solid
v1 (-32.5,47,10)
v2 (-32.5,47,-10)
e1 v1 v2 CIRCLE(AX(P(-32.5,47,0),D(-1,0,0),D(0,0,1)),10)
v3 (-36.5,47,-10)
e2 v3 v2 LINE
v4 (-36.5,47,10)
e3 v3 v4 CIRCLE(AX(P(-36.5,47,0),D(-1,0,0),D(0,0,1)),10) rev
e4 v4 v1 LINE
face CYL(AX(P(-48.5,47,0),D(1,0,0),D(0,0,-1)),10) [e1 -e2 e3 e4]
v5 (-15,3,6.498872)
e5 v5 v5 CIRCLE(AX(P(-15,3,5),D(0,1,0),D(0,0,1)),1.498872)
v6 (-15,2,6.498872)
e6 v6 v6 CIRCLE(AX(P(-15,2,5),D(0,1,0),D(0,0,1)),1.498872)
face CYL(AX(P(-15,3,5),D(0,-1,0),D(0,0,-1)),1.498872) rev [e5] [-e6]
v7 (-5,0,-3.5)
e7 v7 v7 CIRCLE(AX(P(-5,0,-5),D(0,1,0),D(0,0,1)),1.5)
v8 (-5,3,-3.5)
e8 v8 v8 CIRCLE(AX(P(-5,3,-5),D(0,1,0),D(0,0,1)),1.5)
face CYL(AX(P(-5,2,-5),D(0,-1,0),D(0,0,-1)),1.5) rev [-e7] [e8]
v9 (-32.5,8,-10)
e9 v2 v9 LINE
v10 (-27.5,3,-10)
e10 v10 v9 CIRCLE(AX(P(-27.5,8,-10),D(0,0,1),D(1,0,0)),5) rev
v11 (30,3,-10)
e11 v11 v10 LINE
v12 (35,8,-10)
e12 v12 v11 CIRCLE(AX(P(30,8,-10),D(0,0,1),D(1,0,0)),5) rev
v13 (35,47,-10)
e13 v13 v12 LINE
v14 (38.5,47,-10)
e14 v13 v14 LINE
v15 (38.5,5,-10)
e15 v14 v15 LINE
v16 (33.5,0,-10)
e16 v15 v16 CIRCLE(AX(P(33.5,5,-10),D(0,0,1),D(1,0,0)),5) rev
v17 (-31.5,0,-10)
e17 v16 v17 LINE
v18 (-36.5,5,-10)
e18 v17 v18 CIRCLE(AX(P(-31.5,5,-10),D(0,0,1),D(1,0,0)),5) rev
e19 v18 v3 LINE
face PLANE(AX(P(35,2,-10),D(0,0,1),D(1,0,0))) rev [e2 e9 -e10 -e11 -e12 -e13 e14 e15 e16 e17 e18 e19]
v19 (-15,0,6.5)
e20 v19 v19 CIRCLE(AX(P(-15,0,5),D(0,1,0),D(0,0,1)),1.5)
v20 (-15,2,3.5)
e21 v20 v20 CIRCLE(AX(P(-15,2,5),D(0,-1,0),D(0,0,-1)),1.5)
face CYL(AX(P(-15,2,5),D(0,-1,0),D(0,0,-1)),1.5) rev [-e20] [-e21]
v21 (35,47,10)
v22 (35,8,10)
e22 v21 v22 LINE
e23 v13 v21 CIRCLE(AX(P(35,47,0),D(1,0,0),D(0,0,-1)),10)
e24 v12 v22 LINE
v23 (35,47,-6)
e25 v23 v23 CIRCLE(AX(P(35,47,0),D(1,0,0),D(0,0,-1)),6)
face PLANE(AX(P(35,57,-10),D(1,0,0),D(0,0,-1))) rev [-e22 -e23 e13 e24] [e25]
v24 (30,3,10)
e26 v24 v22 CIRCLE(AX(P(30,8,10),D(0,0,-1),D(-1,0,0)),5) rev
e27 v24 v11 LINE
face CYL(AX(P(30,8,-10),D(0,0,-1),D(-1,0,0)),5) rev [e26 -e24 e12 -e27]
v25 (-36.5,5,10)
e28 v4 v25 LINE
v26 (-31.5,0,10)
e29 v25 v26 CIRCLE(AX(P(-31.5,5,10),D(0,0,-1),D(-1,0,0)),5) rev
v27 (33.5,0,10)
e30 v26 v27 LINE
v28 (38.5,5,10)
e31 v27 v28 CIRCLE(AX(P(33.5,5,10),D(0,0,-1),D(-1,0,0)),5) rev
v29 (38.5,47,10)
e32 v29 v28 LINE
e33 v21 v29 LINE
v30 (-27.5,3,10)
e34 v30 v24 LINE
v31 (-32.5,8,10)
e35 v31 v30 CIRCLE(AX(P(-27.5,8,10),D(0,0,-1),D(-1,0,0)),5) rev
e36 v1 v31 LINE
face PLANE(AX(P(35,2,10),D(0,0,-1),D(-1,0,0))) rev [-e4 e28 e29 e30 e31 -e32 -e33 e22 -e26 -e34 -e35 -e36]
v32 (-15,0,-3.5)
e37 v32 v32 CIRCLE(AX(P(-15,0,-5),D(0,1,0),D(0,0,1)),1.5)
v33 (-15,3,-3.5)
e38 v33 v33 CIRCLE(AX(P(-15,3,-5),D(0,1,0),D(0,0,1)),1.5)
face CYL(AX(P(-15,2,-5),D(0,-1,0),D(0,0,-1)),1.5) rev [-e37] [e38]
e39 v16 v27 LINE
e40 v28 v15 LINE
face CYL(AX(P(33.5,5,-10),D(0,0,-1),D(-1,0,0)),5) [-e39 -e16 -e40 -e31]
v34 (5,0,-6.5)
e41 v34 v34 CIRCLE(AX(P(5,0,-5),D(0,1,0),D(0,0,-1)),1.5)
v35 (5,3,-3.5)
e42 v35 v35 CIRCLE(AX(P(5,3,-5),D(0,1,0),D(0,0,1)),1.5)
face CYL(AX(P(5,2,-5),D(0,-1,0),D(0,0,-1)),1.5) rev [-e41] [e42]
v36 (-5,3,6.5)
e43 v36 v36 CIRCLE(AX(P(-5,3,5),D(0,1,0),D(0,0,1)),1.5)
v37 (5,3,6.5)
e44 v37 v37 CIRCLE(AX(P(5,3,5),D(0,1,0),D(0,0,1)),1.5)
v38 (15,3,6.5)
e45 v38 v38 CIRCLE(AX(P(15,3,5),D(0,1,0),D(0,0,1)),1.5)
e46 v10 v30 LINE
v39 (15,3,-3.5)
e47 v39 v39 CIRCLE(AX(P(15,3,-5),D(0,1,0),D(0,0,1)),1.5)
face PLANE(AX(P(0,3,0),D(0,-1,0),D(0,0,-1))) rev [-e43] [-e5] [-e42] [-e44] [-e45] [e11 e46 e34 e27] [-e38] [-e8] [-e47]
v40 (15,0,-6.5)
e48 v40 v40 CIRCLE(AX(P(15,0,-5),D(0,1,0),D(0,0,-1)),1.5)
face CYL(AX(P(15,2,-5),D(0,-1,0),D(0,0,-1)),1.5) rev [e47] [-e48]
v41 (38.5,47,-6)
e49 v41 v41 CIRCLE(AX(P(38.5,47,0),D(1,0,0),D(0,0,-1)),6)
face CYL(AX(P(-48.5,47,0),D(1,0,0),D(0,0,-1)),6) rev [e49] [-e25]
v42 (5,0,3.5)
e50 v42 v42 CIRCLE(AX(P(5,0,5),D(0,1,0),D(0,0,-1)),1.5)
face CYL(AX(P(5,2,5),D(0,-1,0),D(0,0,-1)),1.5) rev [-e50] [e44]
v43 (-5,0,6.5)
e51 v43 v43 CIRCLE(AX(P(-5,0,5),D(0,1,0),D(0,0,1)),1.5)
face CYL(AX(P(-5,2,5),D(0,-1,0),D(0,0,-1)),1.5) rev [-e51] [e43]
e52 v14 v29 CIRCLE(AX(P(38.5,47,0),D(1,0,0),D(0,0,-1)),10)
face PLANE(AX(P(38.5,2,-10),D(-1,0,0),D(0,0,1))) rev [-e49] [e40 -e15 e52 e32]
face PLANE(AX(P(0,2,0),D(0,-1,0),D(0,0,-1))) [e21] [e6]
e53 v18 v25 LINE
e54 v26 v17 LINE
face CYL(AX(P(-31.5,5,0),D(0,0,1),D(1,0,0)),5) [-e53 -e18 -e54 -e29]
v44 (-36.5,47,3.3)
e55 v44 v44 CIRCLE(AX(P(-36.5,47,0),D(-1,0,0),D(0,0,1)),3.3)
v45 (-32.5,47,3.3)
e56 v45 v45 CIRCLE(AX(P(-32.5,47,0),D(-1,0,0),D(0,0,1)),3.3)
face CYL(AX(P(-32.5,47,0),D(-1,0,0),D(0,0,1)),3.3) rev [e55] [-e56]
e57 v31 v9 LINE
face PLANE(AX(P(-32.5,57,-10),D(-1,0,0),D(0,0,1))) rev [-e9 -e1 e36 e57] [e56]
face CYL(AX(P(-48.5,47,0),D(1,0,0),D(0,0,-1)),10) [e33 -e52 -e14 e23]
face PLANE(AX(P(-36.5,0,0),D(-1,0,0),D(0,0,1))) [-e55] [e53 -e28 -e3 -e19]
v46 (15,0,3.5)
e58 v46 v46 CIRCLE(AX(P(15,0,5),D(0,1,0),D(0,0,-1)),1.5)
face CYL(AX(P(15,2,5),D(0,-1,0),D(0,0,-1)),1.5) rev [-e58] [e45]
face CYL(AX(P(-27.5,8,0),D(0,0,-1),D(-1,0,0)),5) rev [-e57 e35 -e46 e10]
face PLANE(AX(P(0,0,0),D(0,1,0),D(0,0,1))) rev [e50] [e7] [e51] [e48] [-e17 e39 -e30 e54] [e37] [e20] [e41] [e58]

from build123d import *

# Parameters (mm, degrees)
SKETCH_2_R          = 1.5
EXTRUDE_1_DEPTH     = 2
SKETCH_3_W          = 2.5
SKETCH_3_H          = 20
SKETCH_3_W_2        = 3.5
EXTRUDE_2_DEPTH     = 55
SKETCH_9_R          = 6
CUT_EXTRUDE_1_DEPTH = 87
SKETCH_7_R          = 6
SKETCH_7_R_2        = 3.3
EXTRUDE_3_DEPTH     = 2.5
SKETCH_10_R         = 3.3
EXTRUDE_4_DEPTH     = 1.5
SKETCH_11_W         = 67.5
SKETCH_11_H         = 20
SKETCH_11_R         = 1.5
SKETCH_11_R_2       = 1.498871695
EXTRUDE_5_DEPTH     = 1
FILLET_6_R          = 5
FILLET_7_R          = 5
FILLET_8_R          = 5


with BuildPart() as part:
    # 스케치2 → 보스-돌출1 (new body)
    with BuildSketch(Plane(origin=(0, 0, 0), x_dir=(1, 0, 0), z_dir=(0, 1, 0))):
        Polygon((35, -10), (-35, -10), (-35, 10), (35, 10), (38.5, 10), (38.5, -10), align=None)
        with Locations((-15, 5)):
            Circle(SKETCH_2_R, mode=Mode.SUBTRACT)
        with Locations((-5, 5)):
            Circle(SKETCH_2_R, mode=Mode.SUBTRACT)
        with Locations((-15, -5)):
            Circle(SKETCH_2_R, mode=Mode.SUBTRACT)
        with Locations((-5, -5)):
            Circle(SKETCH_2_R, mode=Mode.SUBTRACT)
        with Locations((15, -5)):
            Circle(SKETCH_2_R, mode=Mode.SUBTRACT)
        with Locations((5, -5)):
            Circle(SKETCH_2_R, mode=Mode.SUBTRACT)
        with Locations((5, 5)):
            Circle(SKETCH_2_R, mode=Mode.SUBTRACT)
        with Locations((15, 5)):
            Circle(SKETCH_2_R, mode=Mode.SUBTRACT)
    extrude(amount=EXTRUDE_1_DEPTH)

    # 스케치3 → 보스-돌출2 (add)
    with BuildSketch(Plane(origin=(0, 2, 0), x_dir=(1, 0, 0), z_dir=(0, 1, 0))):
        with Locations((-33.75, 0)):
            Rectangle(SKETCH_3_W, SKETCH_3_H)
        with Locations((36.75, 0)):
            Rectangle(SKETCH_3_W_2, SKETCH_3_H)
    extrude(amount=EXTRUDE_2_DEPTH)

    # 스케치9 → 컷-돌출1 (cut)
    with BuildSketch(Plane(origin=(38.5, 0, 0), x_dir=(0, 0, -1), z_dir=(1, 0, 0))):
        with BuildLine():
            Line((10, 57), (0, 57))
            ThreePointArc((0, 57), (7.071067812, 54.071067812), (10, 47))
            Line((10, 47), (10, 57))
        make_face()
        with BuildLine():
            Line((-10, 57), (-10, 47))
            ThreePointArc((-10, 47), (-7.071067812, 54.071067812), (0, 57))
            Line((0, 57), (-10, 57))
        make_face()
        with Locations((0, 47)):
            Circle(SKETCH_9_R)
    extrude(amount=-CUT_EXTRUDE_1_DEPTH, mode=Mode.SUBTRACT)

    # 스케치7 → 보스-돌출3 (add)
    with BuildSketch(Plane.ZY.offset(35)):
        with Locations((0, 47)):
            Circle(SKETCH_7_R)
        with Locations((0, 47)):
            Circle(SKETCH_7_R_2, mode=Mode.SUBTRACT)
    extrude(amount=-EXTRUDE_3_DEPTH)

    # 스케치10 → 보스-돌출4 (add)
    with BuildSketch(Plane.ZY.offset(35)):
        with BuildLine():
            ThreePointArc((-10, 47), (0, 57), (10, 47))
            Line((10, 47), (10, 0))
            Line((10, 0), (-10, 0))
            Line((-10, 0), (-10, 47))
        make_face()
        with Locations((0, 47)):
            Circle(SKETCH_10_R, mode=Mode.SUBTRACT)
    extrude(amount=EXTRUDE_4_DEPTH)

    # 스케치11 → 보스-돌출5 (add)
    with BuildSketch(Plane(origin=(0, 2, 0), x_dir=(1, 0, 0), z_dir=(0, 1, 0))):
        with Locations((1.25, 0)):
            Rectangle(SKETCH_11_W, SKETCH_11_H)
        with Locations((-15, 5)):
            Circle(SKETCH_11_R, mode=Mode.SUBTRACT)
        with Locations((-5, 5)):
            Circle(SKETCH_11_R, mode=Mode.SUBTRACT)
        with Locations((5, 5)):
            Circle(SKETCH_11_R, mode=Mode.SUBTRACT)
        with Locations((15, 5)):
            Circle(SKETCH_11_R, mode=Mode.SUBTRACT)
        with Locations((15, -5)):
            Circle(SKETCH_11_R, mode=Mode.SUBTRACT)
        with Locations((5, -5)):
            Circle(SKETCH_11_R, mode=Mode.SUBTRACT)
        with Locations((-5, -5)):
            Circle(SKETCH_11_R, mode=Mode.SUBTRACT)
        with Locations((-15, -5)):
            Circle(SKETCH_11_R_2, mode=Mode.SUBTRACT)
    extrude(amount=EXTRUDE_5_DEPTH)

    # 필렛6
    fillet_6_edges = [part.edges().sort_by_distance(p)[0] for p in [
        (-32.5, 3, 0),
    ]]
    fillet(fillet_6_edges, radius=FILLET_6_R)

    # 필렛7
    fillet_7_edges = [part.edges().sort_by_distance(p)[0] for p in [
        (35, 3, 0),
    ]]
    fillet(fillet_7_edges, radius=FILLET_7_R)

    # 필렛8
    fillet_8_edges = [part.edges().sort_by_distance(p)[0] for p in [
        (-36.5, 0, 0),
        (38.5, 0, 0),
    ]]
    fillet(fillet_8_edges, radius=FILLET_8_R)


solid = part.part
